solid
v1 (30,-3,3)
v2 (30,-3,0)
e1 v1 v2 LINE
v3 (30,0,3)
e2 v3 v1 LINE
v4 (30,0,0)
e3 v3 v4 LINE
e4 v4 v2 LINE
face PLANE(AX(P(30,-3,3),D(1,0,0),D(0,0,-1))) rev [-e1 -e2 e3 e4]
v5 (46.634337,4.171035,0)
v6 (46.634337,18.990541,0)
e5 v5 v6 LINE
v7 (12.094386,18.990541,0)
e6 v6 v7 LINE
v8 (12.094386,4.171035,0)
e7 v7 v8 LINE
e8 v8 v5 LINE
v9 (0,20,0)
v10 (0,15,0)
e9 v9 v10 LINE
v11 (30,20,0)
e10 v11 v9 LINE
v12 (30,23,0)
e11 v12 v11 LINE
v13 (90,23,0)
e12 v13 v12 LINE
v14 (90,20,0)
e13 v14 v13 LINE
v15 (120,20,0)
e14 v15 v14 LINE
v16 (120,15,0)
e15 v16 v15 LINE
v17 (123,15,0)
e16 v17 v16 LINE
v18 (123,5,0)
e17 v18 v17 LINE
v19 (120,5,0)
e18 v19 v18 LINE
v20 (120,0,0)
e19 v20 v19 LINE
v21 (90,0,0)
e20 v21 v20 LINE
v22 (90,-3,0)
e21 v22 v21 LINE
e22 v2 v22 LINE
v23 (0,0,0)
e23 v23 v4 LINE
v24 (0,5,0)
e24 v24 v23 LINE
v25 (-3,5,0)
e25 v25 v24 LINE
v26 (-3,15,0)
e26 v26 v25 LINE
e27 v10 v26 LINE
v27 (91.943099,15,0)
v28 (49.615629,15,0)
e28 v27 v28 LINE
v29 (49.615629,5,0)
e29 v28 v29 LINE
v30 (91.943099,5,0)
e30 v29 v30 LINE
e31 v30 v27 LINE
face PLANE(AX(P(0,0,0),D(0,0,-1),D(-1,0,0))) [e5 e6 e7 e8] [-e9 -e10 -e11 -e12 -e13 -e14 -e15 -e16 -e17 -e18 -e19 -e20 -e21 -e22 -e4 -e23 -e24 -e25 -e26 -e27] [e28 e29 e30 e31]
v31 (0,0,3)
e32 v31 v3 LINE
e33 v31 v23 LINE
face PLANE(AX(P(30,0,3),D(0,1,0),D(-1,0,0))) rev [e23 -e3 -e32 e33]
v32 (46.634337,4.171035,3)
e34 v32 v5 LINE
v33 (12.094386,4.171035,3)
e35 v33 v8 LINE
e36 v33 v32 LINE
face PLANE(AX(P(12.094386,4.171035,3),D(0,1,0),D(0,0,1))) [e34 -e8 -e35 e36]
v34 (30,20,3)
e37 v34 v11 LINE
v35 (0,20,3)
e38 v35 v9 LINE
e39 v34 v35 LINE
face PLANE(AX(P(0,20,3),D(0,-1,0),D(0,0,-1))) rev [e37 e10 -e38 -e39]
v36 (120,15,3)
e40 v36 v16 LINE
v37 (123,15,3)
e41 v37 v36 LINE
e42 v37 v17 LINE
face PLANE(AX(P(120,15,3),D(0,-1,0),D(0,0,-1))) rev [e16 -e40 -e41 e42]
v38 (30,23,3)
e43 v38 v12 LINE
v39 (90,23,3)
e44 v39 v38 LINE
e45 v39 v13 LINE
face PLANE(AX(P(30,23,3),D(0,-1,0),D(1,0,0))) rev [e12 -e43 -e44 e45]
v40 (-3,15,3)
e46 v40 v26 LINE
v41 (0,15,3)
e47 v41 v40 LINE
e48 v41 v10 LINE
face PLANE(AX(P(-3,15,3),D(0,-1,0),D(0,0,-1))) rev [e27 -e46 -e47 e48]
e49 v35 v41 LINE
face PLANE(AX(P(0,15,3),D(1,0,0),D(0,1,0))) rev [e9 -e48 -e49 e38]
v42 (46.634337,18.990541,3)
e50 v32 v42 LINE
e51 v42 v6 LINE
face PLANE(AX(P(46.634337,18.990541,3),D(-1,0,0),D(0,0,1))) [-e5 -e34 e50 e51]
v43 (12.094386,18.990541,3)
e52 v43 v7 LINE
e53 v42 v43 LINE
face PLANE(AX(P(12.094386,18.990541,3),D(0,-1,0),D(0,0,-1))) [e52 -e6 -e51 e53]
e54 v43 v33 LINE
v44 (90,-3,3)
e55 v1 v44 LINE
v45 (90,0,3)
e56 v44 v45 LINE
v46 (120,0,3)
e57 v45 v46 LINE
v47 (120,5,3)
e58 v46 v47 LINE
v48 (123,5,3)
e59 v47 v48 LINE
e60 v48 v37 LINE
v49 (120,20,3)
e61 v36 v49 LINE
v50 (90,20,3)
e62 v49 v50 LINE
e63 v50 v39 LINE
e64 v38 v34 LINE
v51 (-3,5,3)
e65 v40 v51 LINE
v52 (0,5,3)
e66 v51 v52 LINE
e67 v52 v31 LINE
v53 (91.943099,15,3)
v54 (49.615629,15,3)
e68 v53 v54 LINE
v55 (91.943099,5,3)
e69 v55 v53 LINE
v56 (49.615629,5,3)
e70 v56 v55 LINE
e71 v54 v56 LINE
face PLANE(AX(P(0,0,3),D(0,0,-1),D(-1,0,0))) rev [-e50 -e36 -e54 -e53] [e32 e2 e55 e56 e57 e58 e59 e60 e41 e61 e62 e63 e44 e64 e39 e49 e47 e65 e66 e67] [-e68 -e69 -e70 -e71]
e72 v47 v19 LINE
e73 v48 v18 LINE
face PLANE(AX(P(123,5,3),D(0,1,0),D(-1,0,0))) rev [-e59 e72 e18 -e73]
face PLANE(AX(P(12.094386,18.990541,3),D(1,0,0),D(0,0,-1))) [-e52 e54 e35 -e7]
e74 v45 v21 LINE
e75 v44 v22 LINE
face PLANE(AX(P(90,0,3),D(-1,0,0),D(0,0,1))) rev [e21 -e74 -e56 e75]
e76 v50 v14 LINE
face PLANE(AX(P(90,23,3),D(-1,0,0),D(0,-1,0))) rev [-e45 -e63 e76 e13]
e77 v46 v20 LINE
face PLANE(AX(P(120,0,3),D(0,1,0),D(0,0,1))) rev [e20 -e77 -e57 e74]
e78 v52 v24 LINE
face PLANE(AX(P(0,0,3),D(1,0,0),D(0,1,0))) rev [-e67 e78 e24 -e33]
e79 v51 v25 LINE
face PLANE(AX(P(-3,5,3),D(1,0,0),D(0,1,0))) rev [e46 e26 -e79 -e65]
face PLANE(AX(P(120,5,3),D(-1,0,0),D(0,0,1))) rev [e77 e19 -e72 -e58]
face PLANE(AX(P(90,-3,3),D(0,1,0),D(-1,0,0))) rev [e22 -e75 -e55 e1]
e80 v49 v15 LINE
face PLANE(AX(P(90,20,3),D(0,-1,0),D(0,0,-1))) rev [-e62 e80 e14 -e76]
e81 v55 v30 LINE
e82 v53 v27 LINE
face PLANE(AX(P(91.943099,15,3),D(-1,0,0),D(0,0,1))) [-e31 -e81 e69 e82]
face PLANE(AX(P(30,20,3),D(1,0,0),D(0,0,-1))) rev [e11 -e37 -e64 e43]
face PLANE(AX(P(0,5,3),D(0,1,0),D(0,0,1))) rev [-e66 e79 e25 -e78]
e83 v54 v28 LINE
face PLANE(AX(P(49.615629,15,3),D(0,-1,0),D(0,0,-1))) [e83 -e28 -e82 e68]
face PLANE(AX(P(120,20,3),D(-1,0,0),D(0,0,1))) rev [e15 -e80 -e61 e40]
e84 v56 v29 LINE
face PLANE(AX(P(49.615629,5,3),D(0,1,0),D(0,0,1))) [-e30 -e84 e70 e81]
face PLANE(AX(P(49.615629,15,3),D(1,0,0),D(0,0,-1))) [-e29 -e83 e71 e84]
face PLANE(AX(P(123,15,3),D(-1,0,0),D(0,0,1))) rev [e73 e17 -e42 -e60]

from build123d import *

# Parameters (mm, degrees)
SKETCH1_W           = 34.539950858
SKETCH1_H           = 14.819505943
SKETCH1_W_2         = 42.327470122
SKETCH1_H_2         = 10
BOSS_EXTRUDE1_DEPTH = 3


with BuildPart() as part:
    # Sketch1 → Boss-Extrude1 (new body)
    with BuildSketch(Plane.XY):
        Polygon((0, 0), (0, 5), (-3, 5), (-3, 15), (0, 15), (0, 20), (30, 20), (30, 23), (90, 23), (90, 20), (120, 20), (120, 15), (123, 15), (123, 5), (120, 5), (120, 0), (90, 0), (90, -3), (30, -3), (30, 0), align=None)
        with Locations((29.364361229, 11.580788204)):
            Rectangle(SKETCH1_W, SKETCH1_H, mode=Mode.SUBTRACT)
        with Locations((70.779364133, 10)):
            Rectangle(SKETCH1_W_2, SKETCH1_H_2, mode=Mode.SUBTRACT)
    extrude(amount=BOSS_EXTRUDE1_DEPTH)


solid = part.part
